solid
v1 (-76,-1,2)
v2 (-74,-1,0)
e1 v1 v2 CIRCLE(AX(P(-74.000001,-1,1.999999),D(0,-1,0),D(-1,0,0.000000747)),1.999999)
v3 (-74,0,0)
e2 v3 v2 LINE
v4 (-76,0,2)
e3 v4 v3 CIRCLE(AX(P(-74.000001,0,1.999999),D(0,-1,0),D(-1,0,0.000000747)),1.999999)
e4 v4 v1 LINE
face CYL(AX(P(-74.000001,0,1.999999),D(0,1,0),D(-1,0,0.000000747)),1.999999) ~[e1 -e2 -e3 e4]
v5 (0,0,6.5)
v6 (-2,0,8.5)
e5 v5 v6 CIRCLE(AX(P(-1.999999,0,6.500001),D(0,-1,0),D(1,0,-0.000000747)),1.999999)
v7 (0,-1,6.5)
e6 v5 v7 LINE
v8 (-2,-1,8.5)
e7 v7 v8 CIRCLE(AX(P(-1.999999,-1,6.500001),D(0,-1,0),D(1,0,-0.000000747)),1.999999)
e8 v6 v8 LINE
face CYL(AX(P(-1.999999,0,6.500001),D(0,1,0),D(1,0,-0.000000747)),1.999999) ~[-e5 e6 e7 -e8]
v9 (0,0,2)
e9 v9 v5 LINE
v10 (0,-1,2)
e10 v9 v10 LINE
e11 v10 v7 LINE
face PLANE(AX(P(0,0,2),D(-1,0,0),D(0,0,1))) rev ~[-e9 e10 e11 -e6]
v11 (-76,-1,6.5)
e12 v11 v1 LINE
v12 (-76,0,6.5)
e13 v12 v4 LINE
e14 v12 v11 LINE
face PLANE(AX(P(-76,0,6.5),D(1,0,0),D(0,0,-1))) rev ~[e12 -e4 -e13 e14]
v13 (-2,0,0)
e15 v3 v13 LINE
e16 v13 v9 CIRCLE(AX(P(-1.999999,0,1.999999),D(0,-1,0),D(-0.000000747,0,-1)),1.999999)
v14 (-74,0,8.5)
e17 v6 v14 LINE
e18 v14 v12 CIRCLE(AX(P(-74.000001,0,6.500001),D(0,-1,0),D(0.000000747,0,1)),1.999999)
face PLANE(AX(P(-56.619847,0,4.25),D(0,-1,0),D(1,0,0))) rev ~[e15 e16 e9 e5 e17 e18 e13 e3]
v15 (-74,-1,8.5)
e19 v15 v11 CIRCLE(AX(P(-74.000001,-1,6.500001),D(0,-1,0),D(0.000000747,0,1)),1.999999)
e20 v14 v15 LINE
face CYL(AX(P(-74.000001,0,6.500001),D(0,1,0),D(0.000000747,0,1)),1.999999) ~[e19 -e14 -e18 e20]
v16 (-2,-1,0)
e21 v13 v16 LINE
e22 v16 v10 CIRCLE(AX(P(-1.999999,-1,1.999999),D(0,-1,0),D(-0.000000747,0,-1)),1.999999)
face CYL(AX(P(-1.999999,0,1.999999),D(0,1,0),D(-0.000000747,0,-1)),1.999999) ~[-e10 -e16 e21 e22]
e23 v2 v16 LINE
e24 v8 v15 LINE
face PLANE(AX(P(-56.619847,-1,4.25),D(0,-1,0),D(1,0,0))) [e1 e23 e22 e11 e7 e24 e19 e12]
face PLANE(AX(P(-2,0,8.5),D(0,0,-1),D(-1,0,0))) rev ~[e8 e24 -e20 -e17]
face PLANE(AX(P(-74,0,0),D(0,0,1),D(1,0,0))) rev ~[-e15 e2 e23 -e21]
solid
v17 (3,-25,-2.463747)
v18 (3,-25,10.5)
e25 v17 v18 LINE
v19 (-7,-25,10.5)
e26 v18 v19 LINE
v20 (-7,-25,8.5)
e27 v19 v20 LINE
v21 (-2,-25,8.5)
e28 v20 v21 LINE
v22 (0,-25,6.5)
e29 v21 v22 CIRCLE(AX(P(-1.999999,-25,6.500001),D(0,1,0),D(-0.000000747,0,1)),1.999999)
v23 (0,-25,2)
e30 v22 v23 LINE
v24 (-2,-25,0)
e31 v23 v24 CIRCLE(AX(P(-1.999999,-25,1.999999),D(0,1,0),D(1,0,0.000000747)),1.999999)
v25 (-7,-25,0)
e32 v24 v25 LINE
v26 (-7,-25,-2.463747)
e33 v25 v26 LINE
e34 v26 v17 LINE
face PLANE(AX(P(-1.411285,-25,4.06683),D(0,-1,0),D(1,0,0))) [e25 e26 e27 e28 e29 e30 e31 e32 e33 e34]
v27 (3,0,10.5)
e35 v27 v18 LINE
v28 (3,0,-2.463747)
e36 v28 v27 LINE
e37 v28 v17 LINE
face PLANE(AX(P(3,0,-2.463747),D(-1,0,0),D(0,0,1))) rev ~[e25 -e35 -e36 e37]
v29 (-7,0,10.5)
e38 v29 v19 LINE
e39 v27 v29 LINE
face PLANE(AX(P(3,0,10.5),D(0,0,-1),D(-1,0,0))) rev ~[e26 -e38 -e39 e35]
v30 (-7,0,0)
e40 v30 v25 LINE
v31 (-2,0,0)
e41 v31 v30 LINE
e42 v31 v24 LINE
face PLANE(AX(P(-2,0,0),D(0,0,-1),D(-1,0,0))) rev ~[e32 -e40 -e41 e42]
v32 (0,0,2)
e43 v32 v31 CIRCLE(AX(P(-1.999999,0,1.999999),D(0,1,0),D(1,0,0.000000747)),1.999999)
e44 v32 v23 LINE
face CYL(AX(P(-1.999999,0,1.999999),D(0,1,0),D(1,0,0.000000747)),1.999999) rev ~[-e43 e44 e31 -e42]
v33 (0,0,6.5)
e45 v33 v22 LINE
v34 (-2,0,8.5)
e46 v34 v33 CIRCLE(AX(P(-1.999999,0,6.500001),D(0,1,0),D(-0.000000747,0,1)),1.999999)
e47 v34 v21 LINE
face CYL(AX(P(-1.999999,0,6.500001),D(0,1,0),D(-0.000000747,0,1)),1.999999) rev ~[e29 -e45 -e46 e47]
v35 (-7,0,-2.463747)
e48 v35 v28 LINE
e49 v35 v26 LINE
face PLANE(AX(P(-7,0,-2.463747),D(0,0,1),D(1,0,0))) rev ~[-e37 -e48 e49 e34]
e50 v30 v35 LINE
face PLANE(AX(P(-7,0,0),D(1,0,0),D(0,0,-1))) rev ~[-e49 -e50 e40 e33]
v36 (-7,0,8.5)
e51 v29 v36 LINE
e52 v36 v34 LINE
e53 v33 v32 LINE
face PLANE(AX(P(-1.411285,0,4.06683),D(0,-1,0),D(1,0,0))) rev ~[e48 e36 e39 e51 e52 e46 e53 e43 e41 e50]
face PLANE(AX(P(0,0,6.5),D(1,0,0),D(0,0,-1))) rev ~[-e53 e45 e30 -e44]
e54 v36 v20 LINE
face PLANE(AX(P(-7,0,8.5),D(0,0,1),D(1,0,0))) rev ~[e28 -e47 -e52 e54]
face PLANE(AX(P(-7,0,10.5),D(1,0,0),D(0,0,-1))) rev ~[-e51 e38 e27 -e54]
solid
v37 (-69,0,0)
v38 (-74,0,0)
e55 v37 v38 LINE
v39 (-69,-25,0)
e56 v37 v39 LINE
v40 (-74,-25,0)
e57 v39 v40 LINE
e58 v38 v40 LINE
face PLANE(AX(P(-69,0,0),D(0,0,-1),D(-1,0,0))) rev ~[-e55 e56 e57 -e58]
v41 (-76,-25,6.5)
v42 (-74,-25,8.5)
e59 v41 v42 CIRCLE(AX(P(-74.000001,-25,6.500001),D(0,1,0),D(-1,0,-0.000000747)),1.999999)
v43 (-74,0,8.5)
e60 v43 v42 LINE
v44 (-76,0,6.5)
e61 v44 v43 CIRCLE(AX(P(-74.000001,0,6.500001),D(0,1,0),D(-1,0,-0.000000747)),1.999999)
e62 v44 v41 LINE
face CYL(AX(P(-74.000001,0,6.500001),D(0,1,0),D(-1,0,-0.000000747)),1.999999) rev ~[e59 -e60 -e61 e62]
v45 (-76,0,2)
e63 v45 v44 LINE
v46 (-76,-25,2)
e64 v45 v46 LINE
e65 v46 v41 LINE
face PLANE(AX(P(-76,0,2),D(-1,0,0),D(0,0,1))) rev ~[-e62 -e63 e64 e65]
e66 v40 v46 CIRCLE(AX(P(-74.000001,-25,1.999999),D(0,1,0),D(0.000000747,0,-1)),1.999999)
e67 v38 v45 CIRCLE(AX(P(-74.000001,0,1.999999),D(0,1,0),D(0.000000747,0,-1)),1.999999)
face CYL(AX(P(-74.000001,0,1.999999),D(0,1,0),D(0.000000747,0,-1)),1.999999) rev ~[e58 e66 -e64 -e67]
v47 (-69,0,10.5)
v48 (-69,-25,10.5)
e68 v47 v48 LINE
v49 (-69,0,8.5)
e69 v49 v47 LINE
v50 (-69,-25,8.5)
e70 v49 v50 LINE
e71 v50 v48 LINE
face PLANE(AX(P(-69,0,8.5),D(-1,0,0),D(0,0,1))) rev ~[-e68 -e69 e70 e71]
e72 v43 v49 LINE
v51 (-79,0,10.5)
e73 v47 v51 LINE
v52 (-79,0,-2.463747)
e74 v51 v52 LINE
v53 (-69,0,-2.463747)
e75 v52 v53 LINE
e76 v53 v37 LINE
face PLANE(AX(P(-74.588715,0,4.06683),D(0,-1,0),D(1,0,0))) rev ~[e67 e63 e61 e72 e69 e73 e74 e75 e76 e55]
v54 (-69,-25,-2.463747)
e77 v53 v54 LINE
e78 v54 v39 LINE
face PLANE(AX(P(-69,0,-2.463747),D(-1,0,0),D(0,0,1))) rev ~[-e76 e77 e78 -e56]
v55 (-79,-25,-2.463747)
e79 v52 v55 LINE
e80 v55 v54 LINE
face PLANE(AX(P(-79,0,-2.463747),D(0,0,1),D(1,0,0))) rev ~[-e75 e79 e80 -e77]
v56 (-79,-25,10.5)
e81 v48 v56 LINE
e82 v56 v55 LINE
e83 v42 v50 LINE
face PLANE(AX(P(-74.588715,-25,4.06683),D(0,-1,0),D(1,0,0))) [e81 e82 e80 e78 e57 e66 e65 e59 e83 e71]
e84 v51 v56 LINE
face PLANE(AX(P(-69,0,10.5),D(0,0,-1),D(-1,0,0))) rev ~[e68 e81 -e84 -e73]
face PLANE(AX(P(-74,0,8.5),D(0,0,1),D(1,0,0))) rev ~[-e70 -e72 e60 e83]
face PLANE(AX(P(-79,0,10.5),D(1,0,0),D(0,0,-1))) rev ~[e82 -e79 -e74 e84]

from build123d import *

# Parameters (mm, degrees)
F1_DEPTH = 25
F2_DEPTH = 1


with BuildPart() as f1:
    # F0 (on Front) → F1 (new body)
    with BuildSketch(Plane.XZ):
        with BuildLine():
            Line((-69, -2.463747), (-69, 0))
            Line((-69, 0), (-74, 0))
            ThreePointArc((-74, 0), (-75.414214, 0.585786), (-76, 2))
            Line((-76, 2), (-76, 6.5))
            ThreePointArc((-76, 6.5), (-75.414214, 7.914214), (-74, 8.5))
            Line((-74, 8.5), (-69, 8.5))
            Line((-69, 8.5), (-69, 10.5))
            Line((-69, 10.5), (-79, 10.5))
            Line((-79, 10.5), (-79, -2.463747))
            Line((-79, -2.463747), (-69, -2.463747))
        make_face()
        with BuildLine():
            Line((-2, 0), (-7, 0))
            Line((-7, 0), (-7, -2.463747))
            Line((-7, -2.463747), (3, -2.463747))
            Line((3, -2.463747), (3, 10.5))
            Line((3, 10.5), (-7, 10.5))
            Line((-7, 10.5), (-7, 8.5))
            Line((-7, 8.5), (-2, 8.5))
            ThreePointArc((-2, 8.5), (-0.585786, 7.914214), (0, 6.5))
            Line((0, 6.5), (0, 2))
            ThreePointArc((0, 2), (-0.585786, 0.585786), (-2, 0))
        make_face()
    extrude(amount=F1_DEPTH)


with BuildPart() as f2:
    # F0 (on Front) → F2 (new body)
    with BuildSketch(Plane.XZ):
        with BuildLine():
            Line((-69, 0), (-38, 0))
            Line((-38, 0), (-38, 8.5))
            Line((-38, 8.5), (-69, 8.5))
            Line((-69, 8.5), (-74, 8.5))
            ThreePointArc((-74, 8.5), (-75.414214, 7.914214), (-76, 6.5))
            Line((-76, 6.5), (-76, 2))
            ThreePointArc((-76, 2), (-75.414214, 0.585786), (-74, 0))
            Line((-74, 0), (-69, 0))
        make_face()
        with BuildLine():
            Line((-38, 8.5), (-38, 0))
            Line((-38, 0), (-7, 0))
            Line((-7, 0), (-2, 0))
            ThreePointArc((-2, 0), (-0.585786, 0.585786), (0, 2))
            Line((0, 2), (0, 6.5))
            ThreePointArc((0, 6.5), (-0.585786, 7.914214), (-2, 8.5))
            Line((-2, 8.5), (-7, 8.5))
            Line((-7, 8.5), (-38, 8.5))
        make_face()
    extrude(amount=F2_DEPTH)


solid = Compound([f1.part, f2.part])
